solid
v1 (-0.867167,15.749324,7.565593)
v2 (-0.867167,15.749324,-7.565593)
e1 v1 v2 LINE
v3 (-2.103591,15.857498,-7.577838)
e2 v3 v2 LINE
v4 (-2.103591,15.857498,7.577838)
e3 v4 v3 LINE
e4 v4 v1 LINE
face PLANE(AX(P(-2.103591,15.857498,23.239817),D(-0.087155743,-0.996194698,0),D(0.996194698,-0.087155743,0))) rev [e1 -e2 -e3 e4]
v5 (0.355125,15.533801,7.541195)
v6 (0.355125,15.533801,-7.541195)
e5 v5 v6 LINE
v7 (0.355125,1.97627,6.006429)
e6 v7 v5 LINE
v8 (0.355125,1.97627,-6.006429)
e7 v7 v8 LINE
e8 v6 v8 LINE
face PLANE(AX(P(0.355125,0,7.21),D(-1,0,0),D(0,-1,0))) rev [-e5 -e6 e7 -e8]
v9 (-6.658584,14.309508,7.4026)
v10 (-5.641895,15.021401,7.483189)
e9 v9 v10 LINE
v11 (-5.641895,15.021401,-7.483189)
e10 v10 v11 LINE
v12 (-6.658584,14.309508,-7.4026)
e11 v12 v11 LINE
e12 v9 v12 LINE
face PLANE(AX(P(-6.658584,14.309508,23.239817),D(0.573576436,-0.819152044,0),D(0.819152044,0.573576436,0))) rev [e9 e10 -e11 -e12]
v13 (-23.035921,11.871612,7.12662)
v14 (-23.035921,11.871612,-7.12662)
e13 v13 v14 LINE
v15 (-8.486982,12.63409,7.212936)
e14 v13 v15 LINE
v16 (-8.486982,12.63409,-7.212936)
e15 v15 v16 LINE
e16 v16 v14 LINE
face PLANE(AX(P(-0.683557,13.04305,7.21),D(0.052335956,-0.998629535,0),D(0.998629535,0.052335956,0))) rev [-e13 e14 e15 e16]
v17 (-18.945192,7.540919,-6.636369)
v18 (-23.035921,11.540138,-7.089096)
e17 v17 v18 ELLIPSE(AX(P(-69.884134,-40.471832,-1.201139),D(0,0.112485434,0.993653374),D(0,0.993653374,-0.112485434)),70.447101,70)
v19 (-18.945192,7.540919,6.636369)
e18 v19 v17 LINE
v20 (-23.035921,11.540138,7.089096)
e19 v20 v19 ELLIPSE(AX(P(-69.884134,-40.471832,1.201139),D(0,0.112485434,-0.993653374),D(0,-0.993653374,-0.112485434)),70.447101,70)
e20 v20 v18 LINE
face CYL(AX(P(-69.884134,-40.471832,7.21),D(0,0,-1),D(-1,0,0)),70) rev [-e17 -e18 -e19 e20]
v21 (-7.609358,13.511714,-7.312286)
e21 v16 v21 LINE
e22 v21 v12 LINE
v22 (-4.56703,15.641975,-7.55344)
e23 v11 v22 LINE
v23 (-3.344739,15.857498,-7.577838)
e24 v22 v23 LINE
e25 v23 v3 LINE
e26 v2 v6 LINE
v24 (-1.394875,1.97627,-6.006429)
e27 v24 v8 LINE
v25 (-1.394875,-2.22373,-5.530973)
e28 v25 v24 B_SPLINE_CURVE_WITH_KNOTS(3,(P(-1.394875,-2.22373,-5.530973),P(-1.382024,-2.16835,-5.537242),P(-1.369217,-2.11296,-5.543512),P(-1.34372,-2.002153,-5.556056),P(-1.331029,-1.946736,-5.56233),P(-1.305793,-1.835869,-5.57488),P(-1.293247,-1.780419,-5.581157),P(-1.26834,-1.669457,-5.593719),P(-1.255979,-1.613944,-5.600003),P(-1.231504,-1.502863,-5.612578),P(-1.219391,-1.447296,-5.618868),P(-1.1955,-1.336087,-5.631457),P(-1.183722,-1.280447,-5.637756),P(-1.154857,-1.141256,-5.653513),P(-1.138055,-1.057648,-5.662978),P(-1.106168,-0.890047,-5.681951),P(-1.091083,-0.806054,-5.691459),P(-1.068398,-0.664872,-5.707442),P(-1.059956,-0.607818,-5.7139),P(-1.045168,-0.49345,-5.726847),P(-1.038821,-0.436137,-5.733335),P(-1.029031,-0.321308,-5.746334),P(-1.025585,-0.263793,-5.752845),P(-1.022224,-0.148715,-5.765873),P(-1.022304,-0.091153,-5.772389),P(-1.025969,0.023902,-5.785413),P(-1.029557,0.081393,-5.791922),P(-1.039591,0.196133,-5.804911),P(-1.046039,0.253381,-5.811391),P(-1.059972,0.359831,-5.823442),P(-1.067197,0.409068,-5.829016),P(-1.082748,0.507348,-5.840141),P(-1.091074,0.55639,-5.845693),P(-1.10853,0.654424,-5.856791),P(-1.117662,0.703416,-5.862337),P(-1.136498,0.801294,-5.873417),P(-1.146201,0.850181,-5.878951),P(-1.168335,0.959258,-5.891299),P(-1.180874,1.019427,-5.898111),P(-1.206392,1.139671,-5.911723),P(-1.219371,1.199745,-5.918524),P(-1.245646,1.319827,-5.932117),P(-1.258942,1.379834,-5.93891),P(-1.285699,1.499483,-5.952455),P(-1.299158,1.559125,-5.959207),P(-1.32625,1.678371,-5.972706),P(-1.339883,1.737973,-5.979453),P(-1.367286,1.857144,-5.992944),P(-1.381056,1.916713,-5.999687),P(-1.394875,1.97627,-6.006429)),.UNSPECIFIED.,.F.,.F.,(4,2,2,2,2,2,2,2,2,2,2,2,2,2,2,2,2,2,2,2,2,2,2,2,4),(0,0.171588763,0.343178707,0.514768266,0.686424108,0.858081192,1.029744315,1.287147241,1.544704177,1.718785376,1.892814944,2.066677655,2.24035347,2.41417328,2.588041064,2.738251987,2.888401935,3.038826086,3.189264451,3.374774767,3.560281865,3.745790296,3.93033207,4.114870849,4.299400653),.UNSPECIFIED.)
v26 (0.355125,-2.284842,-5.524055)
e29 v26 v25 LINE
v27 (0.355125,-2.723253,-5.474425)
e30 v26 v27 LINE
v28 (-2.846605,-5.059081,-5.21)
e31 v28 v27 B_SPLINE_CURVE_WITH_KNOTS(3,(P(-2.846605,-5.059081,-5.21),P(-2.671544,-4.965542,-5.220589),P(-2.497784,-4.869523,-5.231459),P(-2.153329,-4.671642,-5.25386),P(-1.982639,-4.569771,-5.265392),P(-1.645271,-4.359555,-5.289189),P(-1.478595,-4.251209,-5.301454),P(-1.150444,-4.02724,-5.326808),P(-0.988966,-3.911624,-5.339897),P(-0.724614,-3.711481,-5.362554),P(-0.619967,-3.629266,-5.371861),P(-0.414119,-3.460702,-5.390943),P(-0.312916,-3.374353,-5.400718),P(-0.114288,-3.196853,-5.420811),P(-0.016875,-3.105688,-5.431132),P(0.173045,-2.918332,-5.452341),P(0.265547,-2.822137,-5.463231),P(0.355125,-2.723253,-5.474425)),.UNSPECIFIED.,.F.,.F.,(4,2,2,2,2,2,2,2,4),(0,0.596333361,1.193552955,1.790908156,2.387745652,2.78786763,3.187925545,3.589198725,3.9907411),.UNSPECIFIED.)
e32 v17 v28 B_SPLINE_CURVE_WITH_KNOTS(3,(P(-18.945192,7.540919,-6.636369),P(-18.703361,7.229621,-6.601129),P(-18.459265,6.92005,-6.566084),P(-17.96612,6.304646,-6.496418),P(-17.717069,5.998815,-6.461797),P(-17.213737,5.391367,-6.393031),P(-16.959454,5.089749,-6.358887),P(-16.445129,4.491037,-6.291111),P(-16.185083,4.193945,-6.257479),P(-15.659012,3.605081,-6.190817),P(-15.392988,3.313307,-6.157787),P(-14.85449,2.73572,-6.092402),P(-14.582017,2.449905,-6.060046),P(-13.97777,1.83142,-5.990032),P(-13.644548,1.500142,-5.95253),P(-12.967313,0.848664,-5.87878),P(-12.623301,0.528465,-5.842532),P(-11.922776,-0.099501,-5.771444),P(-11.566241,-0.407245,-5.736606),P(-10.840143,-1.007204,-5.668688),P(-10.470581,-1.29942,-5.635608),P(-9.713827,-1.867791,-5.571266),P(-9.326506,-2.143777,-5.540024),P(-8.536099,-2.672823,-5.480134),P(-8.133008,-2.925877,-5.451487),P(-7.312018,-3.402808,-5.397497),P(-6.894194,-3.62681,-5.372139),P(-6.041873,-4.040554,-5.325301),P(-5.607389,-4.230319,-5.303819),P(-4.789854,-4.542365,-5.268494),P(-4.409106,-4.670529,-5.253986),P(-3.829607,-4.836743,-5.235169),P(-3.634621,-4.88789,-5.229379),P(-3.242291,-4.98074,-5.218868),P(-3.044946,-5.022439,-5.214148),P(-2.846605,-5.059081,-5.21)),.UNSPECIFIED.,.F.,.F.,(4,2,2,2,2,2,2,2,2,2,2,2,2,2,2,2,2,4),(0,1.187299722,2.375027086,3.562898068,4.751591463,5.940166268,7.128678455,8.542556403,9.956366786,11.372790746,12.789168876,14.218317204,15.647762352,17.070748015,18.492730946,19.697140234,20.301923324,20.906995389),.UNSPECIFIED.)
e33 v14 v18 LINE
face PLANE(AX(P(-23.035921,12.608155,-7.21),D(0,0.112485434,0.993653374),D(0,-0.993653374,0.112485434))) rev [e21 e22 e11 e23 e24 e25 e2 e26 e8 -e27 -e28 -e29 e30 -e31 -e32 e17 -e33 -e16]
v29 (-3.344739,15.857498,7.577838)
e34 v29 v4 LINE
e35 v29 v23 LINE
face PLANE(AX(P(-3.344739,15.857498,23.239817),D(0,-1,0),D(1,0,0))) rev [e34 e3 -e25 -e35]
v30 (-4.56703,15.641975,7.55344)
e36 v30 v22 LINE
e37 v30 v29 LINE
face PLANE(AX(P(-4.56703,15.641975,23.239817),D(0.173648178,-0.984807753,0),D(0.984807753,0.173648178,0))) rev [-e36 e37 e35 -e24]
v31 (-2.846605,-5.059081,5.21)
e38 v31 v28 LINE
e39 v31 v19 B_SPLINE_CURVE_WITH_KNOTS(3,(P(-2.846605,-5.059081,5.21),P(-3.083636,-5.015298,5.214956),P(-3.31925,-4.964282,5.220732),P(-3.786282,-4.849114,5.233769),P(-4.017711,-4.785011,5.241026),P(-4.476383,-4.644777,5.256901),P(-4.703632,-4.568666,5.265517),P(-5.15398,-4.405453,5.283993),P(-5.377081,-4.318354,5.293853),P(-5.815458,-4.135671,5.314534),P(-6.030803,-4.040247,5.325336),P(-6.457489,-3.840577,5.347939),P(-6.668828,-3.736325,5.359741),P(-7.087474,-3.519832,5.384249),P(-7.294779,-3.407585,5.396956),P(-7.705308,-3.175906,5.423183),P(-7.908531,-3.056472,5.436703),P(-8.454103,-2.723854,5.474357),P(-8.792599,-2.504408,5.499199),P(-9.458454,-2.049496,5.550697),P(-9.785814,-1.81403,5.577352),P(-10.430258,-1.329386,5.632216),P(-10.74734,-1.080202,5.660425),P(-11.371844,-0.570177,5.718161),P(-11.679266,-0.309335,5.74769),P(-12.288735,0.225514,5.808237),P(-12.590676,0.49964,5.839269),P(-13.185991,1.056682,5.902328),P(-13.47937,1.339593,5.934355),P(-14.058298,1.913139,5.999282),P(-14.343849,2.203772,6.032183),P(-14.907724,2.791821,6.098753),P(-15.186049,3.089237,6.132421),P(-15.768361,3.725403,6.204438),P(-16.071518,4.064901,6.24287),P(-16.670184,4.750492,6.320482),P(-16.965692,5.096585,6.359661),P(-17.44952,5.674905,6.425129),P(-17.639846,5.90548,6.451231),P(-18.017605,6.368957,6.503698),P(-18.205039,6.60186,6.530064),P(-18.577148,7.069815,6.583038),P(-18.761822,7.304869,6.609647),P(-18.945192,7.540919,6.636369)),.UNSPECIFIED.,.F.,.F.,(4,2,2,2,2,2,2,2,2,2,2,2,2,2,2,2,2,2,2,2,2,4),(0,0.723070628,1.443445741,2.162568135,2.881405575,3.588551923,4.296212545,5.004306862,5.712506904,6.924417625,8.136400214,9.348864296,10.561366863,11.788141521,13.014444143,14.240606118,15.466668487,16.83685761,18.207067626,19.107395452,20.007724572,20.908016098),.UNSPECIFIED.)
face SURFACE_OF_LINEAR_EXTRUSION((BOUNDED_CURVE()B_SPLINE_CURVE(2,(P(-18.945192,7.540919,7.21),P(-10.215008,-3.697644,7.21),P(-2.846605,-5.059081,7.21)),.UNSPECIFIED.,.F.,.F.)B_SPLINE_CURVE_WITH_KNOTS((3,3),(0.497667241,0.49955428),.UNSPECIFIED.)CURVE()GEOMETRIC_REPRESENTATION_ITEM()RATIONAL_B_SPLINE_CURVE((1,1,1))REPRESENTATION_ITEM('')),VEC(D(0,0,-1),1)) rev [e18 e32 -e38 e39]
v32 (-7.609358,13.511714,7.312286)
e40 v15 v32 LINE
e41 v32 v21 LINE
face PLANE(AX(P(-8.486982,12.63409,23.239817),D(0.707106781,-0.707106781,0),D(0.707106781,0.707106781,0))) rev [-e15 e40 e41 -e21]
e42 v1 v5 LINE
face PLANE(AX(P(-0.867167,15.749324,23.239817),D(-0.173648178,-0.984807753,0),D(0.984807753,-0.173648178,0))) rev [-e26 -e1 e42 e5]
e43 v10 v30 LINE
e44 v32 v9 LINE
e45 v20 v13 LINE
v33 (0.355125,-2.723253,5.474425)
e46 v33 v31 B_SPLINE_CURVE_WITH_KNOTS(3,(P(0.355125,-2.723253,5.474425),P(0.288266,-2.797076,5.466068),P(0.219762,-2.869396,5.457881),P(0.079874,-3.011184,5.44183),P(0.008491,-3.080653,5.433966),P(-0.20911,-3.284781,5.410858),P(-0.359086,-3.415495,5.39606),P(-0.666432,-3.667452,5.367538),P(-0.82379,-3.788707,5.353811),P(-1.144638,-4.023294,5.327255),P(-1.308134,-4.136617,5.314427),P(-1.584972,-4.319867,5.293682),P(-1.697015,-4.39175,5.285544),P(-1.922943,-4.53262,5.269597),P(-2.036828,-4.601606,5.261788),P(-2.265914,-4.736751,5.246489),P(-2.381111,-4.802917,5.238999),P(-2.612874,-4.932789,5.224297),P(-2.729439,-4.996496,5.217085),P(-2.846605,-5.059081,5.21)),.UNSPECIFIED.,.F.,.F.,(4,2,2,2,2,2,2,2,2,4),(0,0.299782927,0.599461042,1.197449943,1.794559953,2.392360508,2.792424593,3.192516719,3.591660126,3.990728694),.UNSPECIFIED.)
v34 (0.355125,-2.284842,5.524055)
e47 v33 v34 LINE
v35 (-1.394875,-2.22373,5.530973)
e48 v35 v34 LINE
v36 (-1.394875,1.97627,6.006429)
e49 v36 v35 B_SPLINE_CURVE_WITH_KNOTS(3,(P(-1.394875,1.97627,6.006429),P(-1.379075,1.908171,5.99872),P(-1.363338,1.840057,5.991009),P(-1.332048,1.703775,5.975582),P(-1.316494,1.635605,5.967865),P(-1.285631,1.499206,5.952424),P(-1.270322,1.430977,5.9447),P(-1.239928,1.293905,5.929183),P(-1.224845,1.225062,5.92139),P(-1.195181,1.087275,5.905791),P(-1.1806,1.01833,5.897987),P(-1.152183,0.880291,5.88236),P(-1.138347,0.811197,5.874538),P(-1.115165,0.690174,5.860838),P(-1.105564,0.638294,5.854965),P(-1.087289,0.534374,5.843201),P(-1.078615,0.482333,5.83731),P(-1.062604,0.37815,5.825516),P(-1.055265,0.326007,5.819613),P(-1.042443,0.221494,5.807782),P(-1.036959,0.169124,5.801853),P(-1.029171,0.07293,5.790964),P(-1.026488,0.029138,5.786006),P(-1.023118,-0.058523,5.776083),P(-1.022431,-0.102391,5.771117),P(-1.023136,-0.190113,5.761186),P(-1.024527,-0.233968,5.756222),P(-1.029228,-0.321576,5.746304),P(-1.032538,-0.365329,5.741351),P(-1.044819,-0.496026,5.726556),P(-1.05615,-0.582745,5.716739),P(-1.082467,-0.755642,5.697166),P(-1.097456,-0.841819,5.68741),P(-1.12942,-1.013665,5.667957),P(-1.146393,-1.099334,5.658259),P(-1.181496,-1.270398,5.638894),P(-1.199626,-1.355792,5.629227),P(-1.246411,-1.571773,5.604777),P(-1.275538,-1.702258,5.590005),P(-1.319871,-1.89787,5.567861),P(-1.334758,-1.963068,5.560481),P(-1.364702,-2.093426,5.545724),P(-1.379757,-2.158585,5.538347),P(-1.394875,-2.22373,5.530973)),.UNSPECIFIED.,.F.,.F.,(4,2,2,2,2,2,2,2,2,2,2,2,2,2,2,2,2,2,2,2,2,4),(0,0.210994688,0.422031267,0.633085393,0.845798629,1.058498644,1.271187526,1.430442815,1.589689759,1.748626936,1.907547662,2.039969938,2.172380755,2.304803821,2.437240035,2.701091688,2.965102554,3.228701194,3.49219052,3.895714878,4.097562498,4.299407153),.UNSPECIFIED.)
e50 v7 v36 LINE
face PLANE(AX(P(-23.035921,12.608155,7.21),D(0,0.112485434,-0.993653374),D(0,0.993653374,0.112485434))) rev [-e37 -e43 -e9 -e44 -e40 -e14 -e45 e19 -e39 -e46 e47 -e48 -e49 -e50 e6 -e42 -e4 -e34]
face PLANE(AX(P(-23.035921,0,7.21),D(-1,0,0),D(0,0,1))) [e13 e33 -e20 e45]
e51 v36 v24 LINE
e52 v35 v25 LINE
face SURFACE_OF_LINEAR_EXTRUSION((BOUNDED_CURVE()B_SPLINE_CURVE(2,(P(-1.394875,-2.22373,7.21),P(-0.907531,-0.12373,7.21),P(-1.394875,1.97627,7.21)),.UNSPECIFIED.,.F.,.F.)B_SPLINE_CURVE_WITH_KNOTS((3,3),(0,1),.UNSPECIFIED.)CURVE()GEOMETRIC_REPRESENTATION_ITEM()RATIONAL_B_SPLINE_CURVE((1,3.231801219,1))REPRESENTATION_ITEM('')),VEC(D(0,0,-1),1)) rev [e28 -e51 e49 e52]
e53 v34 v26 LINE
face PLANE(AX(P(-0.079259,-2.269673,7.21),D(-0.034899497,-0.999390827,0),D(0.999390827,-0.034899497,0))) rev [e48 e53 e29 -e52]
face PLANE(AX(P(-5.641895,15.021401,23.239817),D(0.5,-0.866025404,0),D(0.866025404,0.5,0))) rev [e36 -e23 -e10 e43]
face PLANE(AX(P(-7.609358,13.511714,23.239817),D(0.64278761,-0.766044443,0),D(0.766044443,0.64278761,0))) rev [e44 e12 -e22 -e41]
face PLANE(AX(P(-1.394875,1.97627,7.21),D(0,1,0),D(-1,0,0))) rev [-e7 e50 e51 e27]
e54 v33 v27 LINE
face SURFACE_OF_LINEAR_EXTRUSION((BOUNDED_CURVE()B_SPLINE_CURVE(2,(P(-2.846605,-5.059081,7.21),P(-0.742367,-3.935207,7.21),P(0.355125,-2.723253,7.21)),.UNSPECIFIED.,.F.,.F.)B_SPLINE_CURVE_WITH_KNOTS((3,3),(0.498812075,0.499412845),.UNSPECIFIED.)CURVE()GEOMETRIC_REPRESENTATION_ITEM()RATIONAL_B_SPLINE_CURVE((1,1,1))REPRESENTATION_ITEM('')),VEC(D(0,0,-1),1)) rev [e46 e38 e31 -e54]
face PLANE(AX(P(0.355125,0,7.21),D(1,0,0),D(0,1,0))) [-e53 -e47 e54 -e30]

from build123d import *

# Parameters (mm, degrees)
SALIENTE_EXTRUIR1_DEPTH             = 7.21
SALIENTE_EXTRUIR2_DEPTH             = 7.21
SALIENTE_EXTRUIR2_DEPTH_BACK        = 7.21
CORTAR_EXTRUIR2_DEPTH               = 28.232395202
CORTAR_EXTRUIR2_DEPTH_BACK          = 28.232395202
SALIENTE_EXTRUIR3_REACH             = 29.232
SALIENTE_EXTRUIR3_DIRECTION_2_REACH = 29.232


with BuildPart() as part:
    # Croquis1 → Saliente-Extruir1 (new, symmetric)
    with BuildSketch(Plane.XY):
        with BuildLine():
            add(Edge.make_bspline(
                [(-18.945192114, 7.540918896), (-10.215008384, -3.697644103), (-2.846604825, -5.059081104)],
                knots=[0.497667241, 0.497667241, 0.497667241, 0.49955428, 0.49955428, 0.49955428], degree=2, weights=[1, 1, 1]))
            add(Edge.make_bspline(
                [(-2.846604825, -5.059081104), (-0.742366882, -3.9352066), (0.355125, -2.723253227)],
                knots=[0.498812075, 0.498812075, 0.498812075, 0.499412845, 0.499412845, 0.499412845], degree=2, weights=[1, 1, 1]))
            Line((0.355125, -2.723253227), (0.355125, -2.284841781))
            Line((0.355125, -2.284841781), (-1.394875, -2.223730435))
            add(Edge.make_bspline(
                [(-1.394875, -2.223730435), (-0.90753067, -0.123730435), (-1.394875, 1.976269565)],
                knots=[0, 0, 0, 1, 1, 1], degree=2, weights=[1, 3.231801219, 1]))
            Line((-1.394875, 1.976269565), (0.355125, 2.284841781))
            Line((0.355125, 2.284841781), (0.355125, 3.001549529))
            add(Edge.make_bspline(
                [(0.355125, 3.001549529), (-1.44872627, 6.058427314), (-6.994875026, 10.477389992)],
                knots=[0.500820705, 0.500820705, 0.500820705, 0.502013312, 0.502013312, 0.502013312], degree=2, weights=[1, 1, 1]))
            Line((-6.994875026, 10.477389992), (-8.981845695, 12.608155172))
            Line((-8.981845695, 12.608155172), (-23.035921146, 11.871612288))
            Line((-23.035921146, 11.871612288), (-23.035921146, 11.54013782))
            ThreePointArc((-23.035921146, 11.54013782), (-20.949684518, 9.582335705), (-18.945192114, 7.540918896))
        make_face()
    extrude(amount=SALIENTE_EXTRUIR1_DEPTH, both=True)

    # Croquis4 → Saliente-Extruir2 (add, two sides: drawn at the far end of the back side and taken through both)
    with BuildSketch(Plane.XY.offset(-SALIENTE_EXTRUIR2_DEPTH_BACK)):
        Polygon((-1.394875, 1.976269565), (0.355125, 2.284841781), (0.355125, 1.976269565), align=None)
    extrude(amount=SALIENTE_EXTRUIR2_DEPTH + SALIENTE_EXTRUIR2_DEPTH_BACK)

    # Croquis6 → Cortar-Extruir2 (cut, two sides: drawn at the far end of the back side and taken through both)
    with BuildSketch(Plane(origin=(0, 0, 0), x_dir=(0, 0, -1), z_dir=(1, 0, 0)).offset(-CORTAR_EXTRUIR2_DEPTH_BACK)):
        Polygon((7.21, 12.608155172), (7.21, -5.059081104), (5.21, -5.059081104), align=None)
        Polygon((-7.21, 12.608155172), (-7.21, -5.059081104), (-5.21, -5.059081104), align=None)
    extrude(amount=CORTAR_EXTRUIR2_DEPTH + CORTAR_EXTRUIR2_DEPTH_BACK, mode=Mode.SUBTRACT)

    # Saliente-Extruir3: up to this plane
    saliente_extruir3_end = Plane(origin=(-23.035921146, 12.608155172, 7.21), z_dir=(0, 0.1124854344122626, -0.9936533736897816))
    # Croquis8 → Saliente-Extruir3 (add, up to the surface)
    with BuildSketch(Plane.XY, mode=Mode.PRIVATE) as saliente_extruir3_sk1:
        with BuildLine():
            Line((0.355125, 3.001549529), (0.355125, 15.533801407))
            Line((0.355125, 15.533801407), (-0.867166635, 15.749324401))
            Line((-0.867166635, 15.749324401), (-2.103591148, 15.857497529))
            Line((-2.103591148, 15.857497529), (-3.344738602, 15.857497529))
            Line((-3.344738602, 15.857497529), (-4.567030238, 15.641974535))
            Line((-4.567030238, 15.641974535), (-5.641895462, 15.021400808))
            Line((-5.641895462, 15.021400808), (-6.658583937, 14.309507875))
            Line((-6.658583937, 14.309507875), (-7.609358047, 13.51171367))
            Line((-7.609358047, 13.51171367), (-8.486981828, 12.634089889))
            Line((-8.486981828, 12.634089889), (-9.726428332, 12.56913325))
            add(Edge.make_bspline(
                [(-9.726428332, 12.56913325), (-1.861127424, 6.757298639), (0.355125, 3.001549529)],
                knots=[0.500548048, 0.500548048, 0.500548048, 0.502013312, 0.502013312, 0.502013312], degree=2, weights=[1, 1, 1]))
        make_face()
    saliente_extruir3_tool1 = split(extrude(saliente_extruir3_sk1.sketch, amount=SALIENTE_EXTRUIR3_REACH, mode=Mode.PRIVATE), bisect_by=saliente_extruir3_end, keep=Keep.BOTH, mode=Mode.PRIVATE)
    add(saliente_extruir3_tool1.solids().sort_by_distance((-3.011439, 11.135227, 0))[0])

    # Saliente-Extruir3 direction 2: up to this plane
    saliente_extruir3_direction_2_end = Plane(origin=(-23.035921146, 12.608155172, -7.21), z_dir=(0, 0.1124854344122626, 0.9936533736897816))
    # Croquis8 → Saliente-Extruir3 direction 2 (add, up to the surface)
    with BuildSketch(Plane.XY, mode=Mode.PRIVATE) as saliente_extruir3_direction_2_sk1:
        with BuildLine():
            Line((0.355125, 3.001549529), (0.355125, 15.533801407))
            Line((0.355125, 15.533801407), (-0.867166635, 15.749324401))
            Line((-0.867166635, 15.749324401), (-2.103591148, 15.857497529))
            Line((-2.103591148, 15.857497529), (-3.344738602, 15.857497529))
            Line((-3.344738602, 15.857497529), (-4.567030238, 15.641974535))
            Line((-4.567030238, 15.641974535), (-5.641895462, 15.021400808))
            Line((-5.641895462, 15.021400808), (-6.658583937, 14.309507875))
            Line((-6.658583937, 14.309507875), (-7.609358047, 13.51171367))
            Line((-7.609358047, 13.51171367), (-8.486981828, 12.634089889))
            Line((-8.486981828, 12.634089889), (-9.726428332, 12.56913325))
            add(Edge.make_bspline(
                [(-9.726428332, 12.56913325), (-1.861127424, 6.757298639), (0.355125, 3.001549529)],
                knots=[0.500548048, 0.500548048, 0.500548048, 0.502013312, 0.502013312, 0.502013312], degree=2, weights=[1, 1, 1]))
        make_face()
    saliente_extruir3_direction_2_tool1 = split(extrude(saliente_extruir3_direction_2_sk1.sketch, amount=-SALIENTE_EXTRUIR3_DIRECTION_2_REACH, mode=Mode.PRIVATE), bisect_by=saliente_extruir3_direction_2_end, keep=Keep.BOTH, mode=Mode.PRIVATE)
    add(saliente_extruir3_direction_2_tool1.solids().sort_by_distance((-3.011439, 11.135227, 0))[0])


solid = part.part
